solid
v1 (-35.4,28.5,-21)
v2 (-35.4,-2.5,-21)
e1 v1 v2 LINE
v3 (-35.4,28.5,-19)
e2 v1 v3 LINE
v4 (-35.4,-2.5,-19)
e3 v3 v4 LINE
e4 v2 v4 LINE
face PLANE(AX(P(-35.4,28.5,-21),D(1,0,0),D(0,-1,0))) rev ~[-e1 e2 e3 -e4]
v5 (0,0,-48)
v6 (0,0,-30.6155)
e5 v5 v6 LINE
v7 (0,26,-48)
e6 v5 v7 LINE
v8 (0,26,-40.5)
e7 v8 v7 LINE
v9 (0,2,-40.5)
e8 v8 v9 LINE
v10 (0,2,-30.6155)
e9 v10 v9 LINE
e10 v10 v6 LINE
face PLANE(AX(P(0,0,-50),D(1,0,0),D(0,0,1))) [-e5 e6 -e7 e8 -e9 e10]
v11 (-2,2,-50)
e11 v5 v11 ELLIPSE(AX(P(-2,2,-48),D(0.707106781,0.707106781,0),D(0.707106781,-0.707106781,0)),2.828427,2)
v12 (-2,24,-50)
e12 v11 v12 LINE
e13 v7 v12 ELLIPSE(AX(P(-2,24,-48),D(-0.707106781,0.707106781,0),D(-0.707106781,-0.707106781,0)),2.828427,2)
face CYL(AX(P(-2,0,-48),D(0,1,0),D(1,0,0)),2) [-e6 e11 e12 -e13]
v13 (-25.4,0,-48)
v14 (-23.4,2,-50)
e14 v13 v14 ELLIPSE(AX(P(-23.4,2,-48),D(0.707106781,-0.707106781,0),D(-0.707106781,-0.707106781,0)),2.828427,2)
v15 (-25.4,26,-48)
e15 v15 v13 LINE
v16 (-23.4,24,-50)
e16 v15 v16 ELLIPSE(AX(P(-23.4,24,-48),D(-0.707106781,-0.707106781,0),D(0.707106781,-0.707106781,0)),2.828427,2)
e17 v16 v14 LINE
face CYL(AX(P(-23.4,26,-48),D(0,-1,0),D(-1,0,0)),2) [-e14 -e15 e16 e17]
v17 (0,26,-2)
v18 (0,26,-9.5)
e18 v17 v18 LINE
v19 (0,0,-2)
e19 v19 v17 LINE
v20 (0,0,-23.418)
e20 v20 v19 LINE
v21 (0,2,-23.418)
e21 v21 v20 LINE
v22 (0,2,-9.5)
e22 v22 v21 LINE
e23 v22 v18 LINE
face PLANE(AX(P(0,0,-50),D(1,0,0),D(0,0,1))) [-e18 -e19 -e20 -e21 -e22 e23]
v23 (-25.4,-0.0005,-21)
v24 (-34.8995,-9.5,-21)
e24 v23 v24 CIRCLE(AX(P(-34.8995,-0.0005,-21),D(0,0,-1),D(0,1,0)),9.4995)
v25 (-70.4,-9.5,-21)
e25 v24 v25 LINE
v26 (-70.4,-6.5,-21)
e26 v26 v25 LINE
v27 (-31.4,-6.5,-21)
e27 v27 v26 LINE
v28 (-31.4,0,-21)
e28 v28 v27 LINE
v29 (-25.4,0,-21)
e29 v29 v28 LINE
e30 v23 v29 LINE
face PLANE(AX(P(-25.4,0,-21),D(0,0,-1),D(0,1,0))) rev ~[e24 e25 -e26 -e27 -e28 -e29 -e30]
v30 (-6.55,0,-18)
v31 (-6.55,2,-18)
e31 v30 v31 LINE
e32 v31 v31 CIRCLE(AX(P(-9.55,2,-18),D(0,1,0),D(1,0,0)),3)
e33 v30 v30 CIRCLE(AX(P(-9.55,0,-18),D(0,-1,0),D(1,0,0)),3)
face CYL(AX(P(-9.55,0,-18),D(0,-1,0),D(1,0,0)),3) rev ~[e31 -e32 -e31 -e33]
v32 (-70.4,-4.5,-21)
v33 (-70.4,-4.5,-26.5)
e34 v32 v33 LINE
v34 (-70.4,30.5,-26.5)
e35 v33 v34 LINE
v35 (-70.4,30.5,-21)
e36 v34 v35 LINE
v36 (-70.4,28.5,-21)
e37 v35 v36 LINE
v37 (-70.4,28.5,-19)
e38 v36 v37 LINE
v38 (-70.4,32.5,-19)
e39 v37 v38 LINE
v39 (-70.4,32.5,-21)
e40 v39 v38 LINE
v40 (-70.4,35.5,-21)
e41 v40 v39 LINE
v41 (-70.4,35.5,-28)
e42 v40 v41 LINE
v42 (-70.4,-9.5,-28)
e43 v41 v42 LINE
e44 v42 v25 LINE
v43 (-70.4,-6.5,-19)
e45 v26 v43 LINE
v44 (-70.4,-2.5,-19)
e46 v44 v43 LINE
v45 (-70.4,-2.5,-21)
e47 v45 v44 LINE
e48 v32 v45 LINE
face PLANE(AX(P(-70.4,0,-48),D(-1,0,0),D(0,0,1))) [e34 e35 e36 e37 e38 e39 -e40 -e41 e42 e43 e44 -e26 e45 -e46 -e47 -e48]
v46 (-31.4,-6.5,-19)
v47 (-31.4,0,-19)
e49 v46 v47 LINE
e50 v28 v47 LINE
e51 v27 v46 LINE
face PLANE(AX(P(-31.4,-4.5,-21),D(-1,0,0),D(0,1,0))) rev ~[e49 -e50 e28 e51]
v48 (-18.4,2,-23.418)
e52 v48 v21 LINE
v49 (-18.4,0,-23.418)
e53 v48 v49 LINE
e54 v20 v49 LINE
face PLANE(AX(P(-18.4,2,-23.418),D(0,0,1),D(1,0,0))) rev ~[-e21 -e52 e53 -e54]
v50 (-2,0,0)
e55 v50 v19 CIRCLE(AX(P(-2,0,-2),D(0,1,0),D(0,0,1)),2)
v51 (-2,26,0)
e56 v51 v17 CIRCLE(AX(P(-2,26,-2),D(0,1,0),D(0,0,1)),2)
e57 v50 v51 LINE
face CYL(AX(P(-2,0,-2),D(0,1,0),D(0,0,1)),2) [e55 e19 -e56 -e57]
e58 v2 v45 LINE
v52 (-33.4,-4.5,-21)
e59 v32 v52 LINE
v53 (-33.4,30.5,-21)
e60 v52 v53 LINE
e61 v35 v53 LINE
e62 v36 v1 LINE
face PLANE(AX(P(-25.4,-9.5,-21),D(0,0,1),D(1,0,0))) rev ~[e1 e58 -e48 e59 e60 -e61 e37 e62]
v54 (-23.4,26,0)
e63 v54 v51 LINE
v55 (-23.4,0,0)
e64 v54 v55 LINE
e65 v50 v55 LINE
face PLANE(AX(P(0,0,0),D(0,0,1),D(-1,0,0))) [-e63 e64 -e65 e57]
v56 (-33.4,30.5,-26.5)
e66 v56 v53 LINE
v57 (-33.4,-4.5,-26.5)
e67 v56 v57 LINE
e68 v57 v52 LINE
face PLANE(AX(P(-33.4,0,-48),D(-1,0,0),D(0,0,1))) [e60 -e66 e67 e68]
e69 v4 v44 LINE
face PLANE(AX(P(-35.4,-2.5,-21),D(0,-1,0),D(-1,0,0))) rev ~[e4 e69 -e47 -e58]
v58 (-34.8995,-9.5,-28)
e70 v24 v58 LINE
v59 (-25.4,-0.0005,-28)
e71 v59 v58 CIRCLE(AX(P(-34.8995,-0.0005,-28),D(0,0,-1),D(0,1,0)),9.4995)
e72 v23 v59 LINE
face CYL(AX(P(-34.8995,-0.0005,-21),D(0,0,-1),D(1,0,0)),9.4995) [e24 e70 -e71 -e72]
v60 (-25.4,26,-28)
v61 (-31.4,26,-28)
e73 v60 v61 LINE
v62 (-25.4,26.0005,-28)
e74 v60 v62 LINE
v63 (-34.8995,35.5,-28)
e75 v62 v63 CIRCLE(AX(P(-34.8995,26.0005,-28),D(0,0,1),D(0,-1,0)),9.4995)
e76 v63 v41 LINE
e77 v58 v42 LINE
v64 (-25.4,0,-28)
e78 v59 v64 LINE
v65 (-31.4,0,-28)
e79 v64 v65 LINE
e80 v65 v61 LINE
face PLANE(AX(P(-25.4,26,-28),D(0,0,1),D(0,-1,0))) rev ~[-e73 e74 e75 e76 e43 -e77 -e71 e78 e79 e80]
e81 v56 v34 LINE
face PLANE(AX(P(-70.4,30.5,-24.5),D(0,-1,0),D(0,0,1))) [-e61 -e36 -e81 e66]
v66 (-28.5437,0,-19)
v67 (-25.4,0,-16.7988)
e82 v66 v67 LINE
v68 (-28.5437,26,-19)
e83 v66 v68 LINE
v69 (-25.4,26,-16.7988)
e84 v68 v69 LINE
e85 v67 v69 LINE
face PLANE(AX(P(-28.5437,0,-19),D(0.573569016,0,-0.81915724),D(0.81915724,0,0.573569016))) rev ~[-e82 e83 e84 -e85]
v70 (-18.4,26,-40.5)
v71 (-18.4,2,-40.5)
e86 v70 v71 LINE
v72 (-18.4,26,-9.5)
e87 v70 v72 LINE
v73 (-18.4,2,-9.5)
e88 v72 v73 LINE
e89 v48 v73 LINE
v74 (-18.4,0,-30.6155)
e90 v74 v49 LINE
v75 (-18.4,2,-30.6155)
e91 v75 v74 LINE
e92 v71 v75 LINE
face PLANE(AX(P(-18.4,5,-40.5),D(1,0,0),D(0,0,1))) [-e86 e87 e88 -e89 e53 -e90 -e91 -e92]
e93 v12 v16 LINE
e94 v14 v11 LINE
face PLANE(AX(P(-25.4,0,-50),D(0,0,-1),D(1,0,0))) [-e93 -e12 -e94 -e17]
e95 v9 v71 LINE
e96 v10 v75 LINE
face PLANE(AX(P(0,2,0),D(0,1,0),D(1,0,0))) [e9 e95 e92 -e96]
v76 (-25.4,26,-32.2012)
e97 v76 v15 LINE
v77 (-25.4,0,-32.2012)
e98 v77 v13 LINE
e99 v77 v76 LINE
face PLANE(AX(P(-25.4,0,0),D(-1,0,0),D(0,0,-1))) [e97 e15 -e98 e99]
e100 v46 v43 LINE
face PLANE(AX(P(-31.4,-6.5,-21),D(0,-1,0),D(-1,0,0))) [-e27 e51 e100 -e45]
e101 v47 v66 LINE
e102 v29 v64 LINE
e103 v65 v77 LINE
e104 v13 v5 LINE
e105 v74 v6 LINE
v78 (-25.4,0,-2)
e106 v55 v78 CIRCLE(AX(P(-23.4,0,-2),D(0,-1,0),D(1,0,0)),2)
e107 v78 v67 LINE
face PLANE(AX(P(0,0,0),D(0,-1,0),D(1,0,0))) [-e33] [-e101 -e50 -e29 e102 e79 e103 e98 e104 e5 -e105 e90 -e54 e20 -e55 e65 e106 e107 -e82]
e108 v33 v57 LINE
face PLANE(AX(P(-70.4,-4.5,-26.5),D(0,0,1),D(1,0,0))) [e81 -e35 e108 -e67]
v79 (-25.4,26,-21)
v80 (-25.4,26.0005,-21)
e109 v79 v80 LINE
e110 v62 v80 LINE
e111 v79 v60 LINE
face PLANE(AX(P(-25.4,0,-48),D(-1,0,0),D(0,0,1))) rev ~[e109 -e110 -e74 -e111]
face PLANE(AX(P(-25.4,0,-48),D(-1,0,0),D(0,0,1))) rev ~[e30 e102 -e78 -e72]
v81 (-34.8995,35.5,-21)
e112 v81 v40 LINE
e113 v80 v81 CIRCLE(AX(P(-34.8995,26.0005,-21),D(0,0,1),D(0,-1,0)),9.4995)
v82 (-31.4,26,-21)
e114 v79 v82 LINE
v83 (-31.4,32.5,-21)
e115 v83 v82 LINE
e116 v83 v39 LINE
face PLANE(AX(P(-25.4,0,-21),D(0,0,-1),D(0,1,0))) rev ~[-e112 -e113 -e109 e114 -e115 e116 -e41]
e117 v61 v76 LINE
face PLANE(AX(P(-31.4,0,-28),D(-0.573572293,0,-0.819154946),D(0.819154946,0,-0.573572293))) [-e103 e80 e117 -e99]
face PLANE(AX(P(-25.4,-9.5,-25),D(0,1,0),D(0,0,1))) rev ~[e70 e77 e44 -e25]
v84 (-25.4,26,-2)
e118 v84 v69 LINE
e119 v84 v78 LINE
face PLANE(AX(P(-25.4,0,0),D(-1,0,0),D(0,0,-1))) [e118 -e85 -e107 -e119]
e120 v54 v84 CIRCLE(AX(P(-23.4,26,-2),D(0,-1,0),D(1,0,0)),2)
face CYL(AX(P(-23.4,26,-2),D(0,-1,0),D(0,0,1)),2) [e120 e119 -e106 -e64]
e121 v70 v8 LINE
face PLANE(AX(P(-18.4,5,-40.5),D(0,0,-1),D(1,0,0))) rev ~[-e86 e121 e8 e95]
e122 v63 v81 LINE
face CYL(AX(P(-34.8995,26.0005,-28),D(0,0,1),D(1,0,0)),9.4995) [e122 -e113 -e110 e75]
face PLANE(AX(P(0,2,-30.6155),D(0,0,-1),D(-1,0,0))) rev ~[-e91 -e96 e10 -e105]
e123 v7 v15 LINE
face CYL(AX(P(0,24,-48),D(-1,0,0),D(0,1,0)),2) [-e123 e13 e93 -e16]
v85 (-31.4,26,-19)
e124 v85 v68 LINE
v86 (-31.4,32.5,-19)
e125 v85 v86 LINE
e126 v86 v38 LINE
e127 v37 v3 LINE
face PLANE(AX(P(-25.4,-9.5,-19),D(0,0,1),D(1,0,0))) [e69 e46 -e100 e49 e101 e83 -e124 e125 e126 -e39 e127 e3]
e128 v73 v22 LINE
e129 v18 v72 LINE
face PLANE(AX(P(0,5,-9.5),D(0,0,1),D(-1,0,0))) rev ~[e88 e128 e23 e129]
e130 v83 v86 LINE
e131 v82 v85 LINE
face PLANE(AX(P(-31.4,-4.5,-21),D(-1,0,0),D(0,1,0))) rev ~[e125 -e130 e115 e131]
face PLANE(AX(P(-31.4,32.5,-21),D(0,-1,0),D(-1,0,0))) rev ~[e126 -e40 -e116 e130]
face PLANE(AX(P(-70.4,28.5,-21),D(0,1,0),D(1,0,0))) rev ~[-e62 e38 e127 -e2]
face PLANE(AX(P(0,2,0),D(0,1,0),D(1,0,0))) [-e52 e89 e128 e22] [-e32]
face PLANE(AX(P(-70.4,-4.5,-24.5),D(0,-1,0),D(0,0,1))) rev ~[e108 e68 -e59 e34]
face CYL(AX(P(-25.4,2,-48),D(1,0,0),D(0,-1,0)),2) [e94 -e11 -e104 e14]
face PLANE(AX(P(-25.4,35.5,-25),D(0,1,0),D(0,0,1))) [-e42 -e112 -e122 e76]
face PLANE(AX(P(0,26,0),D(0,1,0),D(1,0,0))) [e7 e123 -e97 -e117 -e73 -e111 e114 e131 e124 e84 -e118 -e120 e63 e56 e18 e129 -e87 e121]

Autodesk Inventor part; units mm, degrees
ref_plane "YZ Plane" through (0, 0, 0) normal (1, 0, 0) x (0, 1, 0)
ref_plane "XZ Plane" through (0, 0, 0) normal (0, 1, 0) x (-1, 0, 0)
ref_plane "XY Plane" through (0, 0, 0) normal (0, 0, 1) x (1, 0, 0)
sketch "Sketch1" plane through (0, 0, 0) normal (0, 1, 0) x (-1, 0, 0)
  line L0 (0, 0) -> (25.4, 0)
  line L1 (25.4, 0) -> (25.4, -50)
  line L2 (25.4, -50) -> (0, -50)
  line L3 (0, -50) -> (0, 0)
  dimension "d0" = 25.4
  dimension "d1" = 50
extrude "Extrusion1" add sketch "Sketch1" along normal blind 5
sketch "Sketch2" plane through (0, 5, 0) normal (0, 1, 0) x (1, 0, 0)
  line L0 (-25.4, 0) -> (0, 0) projected
  line L1 (-25.4, 0) -> (0, 0)
  line L2 (0, 0) -> (0, 9.5)
  line L3 (0, 9.5) -> (-25.4, 9.5)
  line L4 (-25.4, 9.5) -> (-25.4, 0)
  line L5 (0, 0) -> (0, 50) construction
  line L6 (-25.4, 50) -> (-25.4, 0) construction
  line L7 (0, 50) -> (-25.4, 50)
  line L8 (-25.4, 50) -> (-25.4, 40.5)
  line L9 (-25.4, 40.5) -> (0, 40.5)
  line L10 (0, 40.5) -> (0, 50)
  line L11 (-18.4, 4) -> (-3.2, 4) construction
  line L12 (-3.2, 4) -> (-3.2, 46) construction
  line L13 (-3.2, 46) -> (-18.4, 46) construction
  line L14 (-18.4, 46) -> (-18.4, 4) construction
  line L15 (-10.8, 6.25) -> (-10.8, 43.75) construction
  line L16 (-3.2, 9.5) -> (-18.4, 9.5) construction
  line L17 (-18.4, 40.5) -> (-3.2, 40.5) construction
  line L18 (-12.3588, 9.5) -> (-12.3588, 40.5) construction
  line L19 (-25.4, 40.5) -> (-18.4, 40.5)
  line L20 (-18.4, 40.5) -> (-18.4, 9.5)
  line L21 (-18.4, 9.5) -> (-25.4, 9.5)
  line L22 (-25.4, 9.5) -> (-25.4, 40.5)
  point P0 (-10.8, 25)
  point P1 (-18.4, 25)
  point P2 (-10.8, 4)
  point P3 (-12.3588, 25)
  dimension "d4" = 42
  dimension "d5" = 15.2
  dimension "d6" = 37.5
  dimension "d7" = 31
  dimension "d14" = 7
extrude "Extrusion2" add sketch "Sketch2" along normal blind 21
sketch "Sketch6" plane through (0, 0, 0) normal (0, -1, 0) x (1, 0, 0)
  circle A0 centre (-9.55, -18) radius 3
  line L0 (0, -50) -> (0, 0) projected
  line L1 (0, 0) -> (-25.4, 0) projected
  dimension "d24" = 6
  dimension "d25" = 9.55
  dimension "d26" = 18
extrude "Extrusion6" cut sketch "Sketch6" against normal up to next
fillet "Fillet1" radius 2 6 edges at (-25.4, 13, 0) (0, 13, 0) (-25.4, 13, -50) (-12.7, 0, -50) (-12.7, 26, -50) (0, 13, -50)
sketch "Sketch8" plane through (-25.4, 0, -48) normal (-1, 0, 0) x (0, 0, 1)
  line L0 (38.5, 26) -> (7.5, 26) projected
  line L1 (46, 0) -> (0, 0) projected
  line L2 (23, 13) -> (23, 35.5)
  line L3 (23, 13) -> (23, -9.5)
  line L4 (23, 35.5) -> (27, 35.5)
  line L5 (23, -9.5) -> (20, -9.5)
  line L6 (20, -9.5) -> (27, -9.5)
  line L7 (27, -9.5) -> (27, 35.5)
  line L8 (27, 35.5) -> (20, 35.5)
  line L9 (20, 35.5) -> (20, -9.5)
  point P0 (48, 0)
  point P1 (23, -9.5)
  point P2 (23, 35.5)
  dimension "d33" = 22.5
  dimension "d34" = 22.5
  dimension "d35" = 4
  dimension "d36" = 3
extrude "Extrusion8" add sketch "Sketch8" along normal blind 45
sketch "Sketch9" plane through (-70.4, 0, -48) normal (-1, 0, 0) x (0, 0, 1)
  line L0 (27, -9.5) -> (27, 35.5) projected
  line L1 (20, 35.5) -> (20, -9.5) projected
  line L2 (23.5, 13) -> (23.5, -4.5)
  line L3 (23.5, -4.5) -> (27, -4.5)
  line L4 (23.5, 13) -> (23.5, 30.5)
  line L5 (23.5, 30.5) -> (27, 30.5)
  line L6 (27, 30.5) -> (27, -4.5)
  point P0 (48, 0)
  dimension "d39" = 17.5
  dimension "d40" = 17.5
extrude "Extrusion9" cut sketch "Sketch9" against normal blind 37
sketch "Sketch10" plane through (-70.4, -4.5, -24.5) normal (0, 0, 1) x (1, 0, 0)
  line L0 (0, 0) -> (0, 35) projected
  line L1 (37, 35) -> (37, 0) projected
  line L2 (0, 0) -> (37, 0)
  line L3 (37, 0) -> (37, 35)
  line L4 (37, 35) -> (0, 35)
  line L5 (0, 35) -> (0, 0)
  point P0 (70.4, 4.5)
extrude "Extrusion10" cut sketch "Sketch10" against normal blind 2
sketch "Sketch11" plane through (-25.4, -9.5, -21) normal (0, 0, 1) x (1, 0, 0)
  line L0 (-8, 5) -> (-45, 5) projected
  line L1 (-45, 5) -> (-45, 3)
  line L2 (-45, 0) -> (-45, 5) projected
  line L3 (-6, 5) -> (-6, 3)
  line L4 (-6, 3) -> (-45, 3)
  line L5 (-8, 40) -> (-8, 5) projected
  line L6 (-6, 5) -> (-6, 42)
  line L7 (-6, 42) -> (-45, 42)
  line L8 (-45, 45) -> (-45, 0) projected
  line L9 (-45, 40) -> (-8, 40) projected
  line L10 (-45, 42) -> (-45, 40)
  line L11 (-45, 40) -> (-45, 38)
  line L12 (-45, 38) -> (-10, 38)
  line L13 (-10, 38) -> (-10, 7)
  line L14 (-10, 7) -> (-45, 7)
  line L15 (-45, 5) -> (-45, 7)
  point P0 (25.4, 9.5)
  dimension "d45" = 2
  dimension "d46" = 2
  dimension "d48" = 2
  dimension "d49" = 35
  dimension "d50" = 31
extrude "Extrusion11" add sketch "Sketch11" along normal blind 2 contours L5 L9 L8 L7 L6 L3 L4 L1 L0 | L0 L8 L14 L13 L12 L9 L5
sketch "Sketch12" plane through (0, 5, 0) normal (0, 1, 0) x (1, 0, 0)
  line L0 (-18.4, 40.5) -> (-18.4, 9.5) projected
  line L1 (0, 40.5) -> (-18.4, 40.5) projected
  line L2 (-18.4, 9.5) -> (0, 9.5)
  line L3 (0, 9.5) -> (0, 40.5)
  line L4 (0, 40.5) -> (-18.4, 40.5)
  line L5 (-18.4, 40.5) -> (-18.4, 9.5)
  circle A0 centre (-9.55, 18) radius 3 projected
  circle A1 centre (-9.55, 18) radius 3
  point P0 (0, 0)
extrude "Extrusion12" cut sketch "Sketch12" against normal blind 3
fillet "Fillet2" radius 9.5 2 edges at (-25.4, 35.5, -24.5) (-25.4, -9.5, -24.5)
sketch "Sketch13" plane through (0, 0, 0) normal (0, -1, 0) x (1, 0, 0)
  line L0 (-31.4, -21) -> (-31.4, -19) projected
  line L1 (-28.5437, -19) -> (-25.4, -16.7988)
  line L2 (-25.4, -2) -> (-25.4, -21) projected
  line L3 (-31.4, -21) -> (-24.0754, -21) construction
  line L4 (-25.4, -16.7988) -> (-25.4, -21)
  line L5 (-25.4, -21) -> (-31.4, -21)
  line L6 (-31.4, -19) -> (-70.4, -19) projected
  line L7 (-31.4, -19) -> (-28.5437, -19)
  line L8 (-25.4, -28) -> (-34.9, -28) projected
  line L9 (-31.4, -28) -> (-25.4, -32.2012)
  line L10 (-25.4, -28) -> (-25.4, -48) projected
  line L11 (-31.4, -28) -> (-24.0754, -28) construction
  line L12 (-25.4, -32.2012) -> (-25.4, -28)
  line L13 (-25.4, -28) -> (-31.4, -28)
  point P0 (0, 0)
  dimension "d56" = 35
  dimension "d57" = 35
extrude "Extrusion13" add sketch "Sketch13" against normal up to surface (26 mm away)
sketch "Sketch14" plane through (0, 2, 0) normal (0, 1, 0) x (1, 0, 0)
  line L0 (-18.4, 9.5) -> (-18.4, 40.5) projected
  line L1 (0, 40.5) -> (0, 9.5) projected
  line L2 (-18.4, 23.418) -> (0, 23.418)
  line L3 (0, 23.418) -> (0, 30.6155)
  line L4 (0, 30.6155) -> (-18.4, 30.6155)
  line L5 (-18.4, 30.6155) -> (-18.4, 23.418)
  point P0 (0, 0)
  point P1 (0, 23.418)
extrude "Extrusion14" cut sketch "Sketch14" against normal through all
properties part number "Tilt_Camera_Servo_Mount"
